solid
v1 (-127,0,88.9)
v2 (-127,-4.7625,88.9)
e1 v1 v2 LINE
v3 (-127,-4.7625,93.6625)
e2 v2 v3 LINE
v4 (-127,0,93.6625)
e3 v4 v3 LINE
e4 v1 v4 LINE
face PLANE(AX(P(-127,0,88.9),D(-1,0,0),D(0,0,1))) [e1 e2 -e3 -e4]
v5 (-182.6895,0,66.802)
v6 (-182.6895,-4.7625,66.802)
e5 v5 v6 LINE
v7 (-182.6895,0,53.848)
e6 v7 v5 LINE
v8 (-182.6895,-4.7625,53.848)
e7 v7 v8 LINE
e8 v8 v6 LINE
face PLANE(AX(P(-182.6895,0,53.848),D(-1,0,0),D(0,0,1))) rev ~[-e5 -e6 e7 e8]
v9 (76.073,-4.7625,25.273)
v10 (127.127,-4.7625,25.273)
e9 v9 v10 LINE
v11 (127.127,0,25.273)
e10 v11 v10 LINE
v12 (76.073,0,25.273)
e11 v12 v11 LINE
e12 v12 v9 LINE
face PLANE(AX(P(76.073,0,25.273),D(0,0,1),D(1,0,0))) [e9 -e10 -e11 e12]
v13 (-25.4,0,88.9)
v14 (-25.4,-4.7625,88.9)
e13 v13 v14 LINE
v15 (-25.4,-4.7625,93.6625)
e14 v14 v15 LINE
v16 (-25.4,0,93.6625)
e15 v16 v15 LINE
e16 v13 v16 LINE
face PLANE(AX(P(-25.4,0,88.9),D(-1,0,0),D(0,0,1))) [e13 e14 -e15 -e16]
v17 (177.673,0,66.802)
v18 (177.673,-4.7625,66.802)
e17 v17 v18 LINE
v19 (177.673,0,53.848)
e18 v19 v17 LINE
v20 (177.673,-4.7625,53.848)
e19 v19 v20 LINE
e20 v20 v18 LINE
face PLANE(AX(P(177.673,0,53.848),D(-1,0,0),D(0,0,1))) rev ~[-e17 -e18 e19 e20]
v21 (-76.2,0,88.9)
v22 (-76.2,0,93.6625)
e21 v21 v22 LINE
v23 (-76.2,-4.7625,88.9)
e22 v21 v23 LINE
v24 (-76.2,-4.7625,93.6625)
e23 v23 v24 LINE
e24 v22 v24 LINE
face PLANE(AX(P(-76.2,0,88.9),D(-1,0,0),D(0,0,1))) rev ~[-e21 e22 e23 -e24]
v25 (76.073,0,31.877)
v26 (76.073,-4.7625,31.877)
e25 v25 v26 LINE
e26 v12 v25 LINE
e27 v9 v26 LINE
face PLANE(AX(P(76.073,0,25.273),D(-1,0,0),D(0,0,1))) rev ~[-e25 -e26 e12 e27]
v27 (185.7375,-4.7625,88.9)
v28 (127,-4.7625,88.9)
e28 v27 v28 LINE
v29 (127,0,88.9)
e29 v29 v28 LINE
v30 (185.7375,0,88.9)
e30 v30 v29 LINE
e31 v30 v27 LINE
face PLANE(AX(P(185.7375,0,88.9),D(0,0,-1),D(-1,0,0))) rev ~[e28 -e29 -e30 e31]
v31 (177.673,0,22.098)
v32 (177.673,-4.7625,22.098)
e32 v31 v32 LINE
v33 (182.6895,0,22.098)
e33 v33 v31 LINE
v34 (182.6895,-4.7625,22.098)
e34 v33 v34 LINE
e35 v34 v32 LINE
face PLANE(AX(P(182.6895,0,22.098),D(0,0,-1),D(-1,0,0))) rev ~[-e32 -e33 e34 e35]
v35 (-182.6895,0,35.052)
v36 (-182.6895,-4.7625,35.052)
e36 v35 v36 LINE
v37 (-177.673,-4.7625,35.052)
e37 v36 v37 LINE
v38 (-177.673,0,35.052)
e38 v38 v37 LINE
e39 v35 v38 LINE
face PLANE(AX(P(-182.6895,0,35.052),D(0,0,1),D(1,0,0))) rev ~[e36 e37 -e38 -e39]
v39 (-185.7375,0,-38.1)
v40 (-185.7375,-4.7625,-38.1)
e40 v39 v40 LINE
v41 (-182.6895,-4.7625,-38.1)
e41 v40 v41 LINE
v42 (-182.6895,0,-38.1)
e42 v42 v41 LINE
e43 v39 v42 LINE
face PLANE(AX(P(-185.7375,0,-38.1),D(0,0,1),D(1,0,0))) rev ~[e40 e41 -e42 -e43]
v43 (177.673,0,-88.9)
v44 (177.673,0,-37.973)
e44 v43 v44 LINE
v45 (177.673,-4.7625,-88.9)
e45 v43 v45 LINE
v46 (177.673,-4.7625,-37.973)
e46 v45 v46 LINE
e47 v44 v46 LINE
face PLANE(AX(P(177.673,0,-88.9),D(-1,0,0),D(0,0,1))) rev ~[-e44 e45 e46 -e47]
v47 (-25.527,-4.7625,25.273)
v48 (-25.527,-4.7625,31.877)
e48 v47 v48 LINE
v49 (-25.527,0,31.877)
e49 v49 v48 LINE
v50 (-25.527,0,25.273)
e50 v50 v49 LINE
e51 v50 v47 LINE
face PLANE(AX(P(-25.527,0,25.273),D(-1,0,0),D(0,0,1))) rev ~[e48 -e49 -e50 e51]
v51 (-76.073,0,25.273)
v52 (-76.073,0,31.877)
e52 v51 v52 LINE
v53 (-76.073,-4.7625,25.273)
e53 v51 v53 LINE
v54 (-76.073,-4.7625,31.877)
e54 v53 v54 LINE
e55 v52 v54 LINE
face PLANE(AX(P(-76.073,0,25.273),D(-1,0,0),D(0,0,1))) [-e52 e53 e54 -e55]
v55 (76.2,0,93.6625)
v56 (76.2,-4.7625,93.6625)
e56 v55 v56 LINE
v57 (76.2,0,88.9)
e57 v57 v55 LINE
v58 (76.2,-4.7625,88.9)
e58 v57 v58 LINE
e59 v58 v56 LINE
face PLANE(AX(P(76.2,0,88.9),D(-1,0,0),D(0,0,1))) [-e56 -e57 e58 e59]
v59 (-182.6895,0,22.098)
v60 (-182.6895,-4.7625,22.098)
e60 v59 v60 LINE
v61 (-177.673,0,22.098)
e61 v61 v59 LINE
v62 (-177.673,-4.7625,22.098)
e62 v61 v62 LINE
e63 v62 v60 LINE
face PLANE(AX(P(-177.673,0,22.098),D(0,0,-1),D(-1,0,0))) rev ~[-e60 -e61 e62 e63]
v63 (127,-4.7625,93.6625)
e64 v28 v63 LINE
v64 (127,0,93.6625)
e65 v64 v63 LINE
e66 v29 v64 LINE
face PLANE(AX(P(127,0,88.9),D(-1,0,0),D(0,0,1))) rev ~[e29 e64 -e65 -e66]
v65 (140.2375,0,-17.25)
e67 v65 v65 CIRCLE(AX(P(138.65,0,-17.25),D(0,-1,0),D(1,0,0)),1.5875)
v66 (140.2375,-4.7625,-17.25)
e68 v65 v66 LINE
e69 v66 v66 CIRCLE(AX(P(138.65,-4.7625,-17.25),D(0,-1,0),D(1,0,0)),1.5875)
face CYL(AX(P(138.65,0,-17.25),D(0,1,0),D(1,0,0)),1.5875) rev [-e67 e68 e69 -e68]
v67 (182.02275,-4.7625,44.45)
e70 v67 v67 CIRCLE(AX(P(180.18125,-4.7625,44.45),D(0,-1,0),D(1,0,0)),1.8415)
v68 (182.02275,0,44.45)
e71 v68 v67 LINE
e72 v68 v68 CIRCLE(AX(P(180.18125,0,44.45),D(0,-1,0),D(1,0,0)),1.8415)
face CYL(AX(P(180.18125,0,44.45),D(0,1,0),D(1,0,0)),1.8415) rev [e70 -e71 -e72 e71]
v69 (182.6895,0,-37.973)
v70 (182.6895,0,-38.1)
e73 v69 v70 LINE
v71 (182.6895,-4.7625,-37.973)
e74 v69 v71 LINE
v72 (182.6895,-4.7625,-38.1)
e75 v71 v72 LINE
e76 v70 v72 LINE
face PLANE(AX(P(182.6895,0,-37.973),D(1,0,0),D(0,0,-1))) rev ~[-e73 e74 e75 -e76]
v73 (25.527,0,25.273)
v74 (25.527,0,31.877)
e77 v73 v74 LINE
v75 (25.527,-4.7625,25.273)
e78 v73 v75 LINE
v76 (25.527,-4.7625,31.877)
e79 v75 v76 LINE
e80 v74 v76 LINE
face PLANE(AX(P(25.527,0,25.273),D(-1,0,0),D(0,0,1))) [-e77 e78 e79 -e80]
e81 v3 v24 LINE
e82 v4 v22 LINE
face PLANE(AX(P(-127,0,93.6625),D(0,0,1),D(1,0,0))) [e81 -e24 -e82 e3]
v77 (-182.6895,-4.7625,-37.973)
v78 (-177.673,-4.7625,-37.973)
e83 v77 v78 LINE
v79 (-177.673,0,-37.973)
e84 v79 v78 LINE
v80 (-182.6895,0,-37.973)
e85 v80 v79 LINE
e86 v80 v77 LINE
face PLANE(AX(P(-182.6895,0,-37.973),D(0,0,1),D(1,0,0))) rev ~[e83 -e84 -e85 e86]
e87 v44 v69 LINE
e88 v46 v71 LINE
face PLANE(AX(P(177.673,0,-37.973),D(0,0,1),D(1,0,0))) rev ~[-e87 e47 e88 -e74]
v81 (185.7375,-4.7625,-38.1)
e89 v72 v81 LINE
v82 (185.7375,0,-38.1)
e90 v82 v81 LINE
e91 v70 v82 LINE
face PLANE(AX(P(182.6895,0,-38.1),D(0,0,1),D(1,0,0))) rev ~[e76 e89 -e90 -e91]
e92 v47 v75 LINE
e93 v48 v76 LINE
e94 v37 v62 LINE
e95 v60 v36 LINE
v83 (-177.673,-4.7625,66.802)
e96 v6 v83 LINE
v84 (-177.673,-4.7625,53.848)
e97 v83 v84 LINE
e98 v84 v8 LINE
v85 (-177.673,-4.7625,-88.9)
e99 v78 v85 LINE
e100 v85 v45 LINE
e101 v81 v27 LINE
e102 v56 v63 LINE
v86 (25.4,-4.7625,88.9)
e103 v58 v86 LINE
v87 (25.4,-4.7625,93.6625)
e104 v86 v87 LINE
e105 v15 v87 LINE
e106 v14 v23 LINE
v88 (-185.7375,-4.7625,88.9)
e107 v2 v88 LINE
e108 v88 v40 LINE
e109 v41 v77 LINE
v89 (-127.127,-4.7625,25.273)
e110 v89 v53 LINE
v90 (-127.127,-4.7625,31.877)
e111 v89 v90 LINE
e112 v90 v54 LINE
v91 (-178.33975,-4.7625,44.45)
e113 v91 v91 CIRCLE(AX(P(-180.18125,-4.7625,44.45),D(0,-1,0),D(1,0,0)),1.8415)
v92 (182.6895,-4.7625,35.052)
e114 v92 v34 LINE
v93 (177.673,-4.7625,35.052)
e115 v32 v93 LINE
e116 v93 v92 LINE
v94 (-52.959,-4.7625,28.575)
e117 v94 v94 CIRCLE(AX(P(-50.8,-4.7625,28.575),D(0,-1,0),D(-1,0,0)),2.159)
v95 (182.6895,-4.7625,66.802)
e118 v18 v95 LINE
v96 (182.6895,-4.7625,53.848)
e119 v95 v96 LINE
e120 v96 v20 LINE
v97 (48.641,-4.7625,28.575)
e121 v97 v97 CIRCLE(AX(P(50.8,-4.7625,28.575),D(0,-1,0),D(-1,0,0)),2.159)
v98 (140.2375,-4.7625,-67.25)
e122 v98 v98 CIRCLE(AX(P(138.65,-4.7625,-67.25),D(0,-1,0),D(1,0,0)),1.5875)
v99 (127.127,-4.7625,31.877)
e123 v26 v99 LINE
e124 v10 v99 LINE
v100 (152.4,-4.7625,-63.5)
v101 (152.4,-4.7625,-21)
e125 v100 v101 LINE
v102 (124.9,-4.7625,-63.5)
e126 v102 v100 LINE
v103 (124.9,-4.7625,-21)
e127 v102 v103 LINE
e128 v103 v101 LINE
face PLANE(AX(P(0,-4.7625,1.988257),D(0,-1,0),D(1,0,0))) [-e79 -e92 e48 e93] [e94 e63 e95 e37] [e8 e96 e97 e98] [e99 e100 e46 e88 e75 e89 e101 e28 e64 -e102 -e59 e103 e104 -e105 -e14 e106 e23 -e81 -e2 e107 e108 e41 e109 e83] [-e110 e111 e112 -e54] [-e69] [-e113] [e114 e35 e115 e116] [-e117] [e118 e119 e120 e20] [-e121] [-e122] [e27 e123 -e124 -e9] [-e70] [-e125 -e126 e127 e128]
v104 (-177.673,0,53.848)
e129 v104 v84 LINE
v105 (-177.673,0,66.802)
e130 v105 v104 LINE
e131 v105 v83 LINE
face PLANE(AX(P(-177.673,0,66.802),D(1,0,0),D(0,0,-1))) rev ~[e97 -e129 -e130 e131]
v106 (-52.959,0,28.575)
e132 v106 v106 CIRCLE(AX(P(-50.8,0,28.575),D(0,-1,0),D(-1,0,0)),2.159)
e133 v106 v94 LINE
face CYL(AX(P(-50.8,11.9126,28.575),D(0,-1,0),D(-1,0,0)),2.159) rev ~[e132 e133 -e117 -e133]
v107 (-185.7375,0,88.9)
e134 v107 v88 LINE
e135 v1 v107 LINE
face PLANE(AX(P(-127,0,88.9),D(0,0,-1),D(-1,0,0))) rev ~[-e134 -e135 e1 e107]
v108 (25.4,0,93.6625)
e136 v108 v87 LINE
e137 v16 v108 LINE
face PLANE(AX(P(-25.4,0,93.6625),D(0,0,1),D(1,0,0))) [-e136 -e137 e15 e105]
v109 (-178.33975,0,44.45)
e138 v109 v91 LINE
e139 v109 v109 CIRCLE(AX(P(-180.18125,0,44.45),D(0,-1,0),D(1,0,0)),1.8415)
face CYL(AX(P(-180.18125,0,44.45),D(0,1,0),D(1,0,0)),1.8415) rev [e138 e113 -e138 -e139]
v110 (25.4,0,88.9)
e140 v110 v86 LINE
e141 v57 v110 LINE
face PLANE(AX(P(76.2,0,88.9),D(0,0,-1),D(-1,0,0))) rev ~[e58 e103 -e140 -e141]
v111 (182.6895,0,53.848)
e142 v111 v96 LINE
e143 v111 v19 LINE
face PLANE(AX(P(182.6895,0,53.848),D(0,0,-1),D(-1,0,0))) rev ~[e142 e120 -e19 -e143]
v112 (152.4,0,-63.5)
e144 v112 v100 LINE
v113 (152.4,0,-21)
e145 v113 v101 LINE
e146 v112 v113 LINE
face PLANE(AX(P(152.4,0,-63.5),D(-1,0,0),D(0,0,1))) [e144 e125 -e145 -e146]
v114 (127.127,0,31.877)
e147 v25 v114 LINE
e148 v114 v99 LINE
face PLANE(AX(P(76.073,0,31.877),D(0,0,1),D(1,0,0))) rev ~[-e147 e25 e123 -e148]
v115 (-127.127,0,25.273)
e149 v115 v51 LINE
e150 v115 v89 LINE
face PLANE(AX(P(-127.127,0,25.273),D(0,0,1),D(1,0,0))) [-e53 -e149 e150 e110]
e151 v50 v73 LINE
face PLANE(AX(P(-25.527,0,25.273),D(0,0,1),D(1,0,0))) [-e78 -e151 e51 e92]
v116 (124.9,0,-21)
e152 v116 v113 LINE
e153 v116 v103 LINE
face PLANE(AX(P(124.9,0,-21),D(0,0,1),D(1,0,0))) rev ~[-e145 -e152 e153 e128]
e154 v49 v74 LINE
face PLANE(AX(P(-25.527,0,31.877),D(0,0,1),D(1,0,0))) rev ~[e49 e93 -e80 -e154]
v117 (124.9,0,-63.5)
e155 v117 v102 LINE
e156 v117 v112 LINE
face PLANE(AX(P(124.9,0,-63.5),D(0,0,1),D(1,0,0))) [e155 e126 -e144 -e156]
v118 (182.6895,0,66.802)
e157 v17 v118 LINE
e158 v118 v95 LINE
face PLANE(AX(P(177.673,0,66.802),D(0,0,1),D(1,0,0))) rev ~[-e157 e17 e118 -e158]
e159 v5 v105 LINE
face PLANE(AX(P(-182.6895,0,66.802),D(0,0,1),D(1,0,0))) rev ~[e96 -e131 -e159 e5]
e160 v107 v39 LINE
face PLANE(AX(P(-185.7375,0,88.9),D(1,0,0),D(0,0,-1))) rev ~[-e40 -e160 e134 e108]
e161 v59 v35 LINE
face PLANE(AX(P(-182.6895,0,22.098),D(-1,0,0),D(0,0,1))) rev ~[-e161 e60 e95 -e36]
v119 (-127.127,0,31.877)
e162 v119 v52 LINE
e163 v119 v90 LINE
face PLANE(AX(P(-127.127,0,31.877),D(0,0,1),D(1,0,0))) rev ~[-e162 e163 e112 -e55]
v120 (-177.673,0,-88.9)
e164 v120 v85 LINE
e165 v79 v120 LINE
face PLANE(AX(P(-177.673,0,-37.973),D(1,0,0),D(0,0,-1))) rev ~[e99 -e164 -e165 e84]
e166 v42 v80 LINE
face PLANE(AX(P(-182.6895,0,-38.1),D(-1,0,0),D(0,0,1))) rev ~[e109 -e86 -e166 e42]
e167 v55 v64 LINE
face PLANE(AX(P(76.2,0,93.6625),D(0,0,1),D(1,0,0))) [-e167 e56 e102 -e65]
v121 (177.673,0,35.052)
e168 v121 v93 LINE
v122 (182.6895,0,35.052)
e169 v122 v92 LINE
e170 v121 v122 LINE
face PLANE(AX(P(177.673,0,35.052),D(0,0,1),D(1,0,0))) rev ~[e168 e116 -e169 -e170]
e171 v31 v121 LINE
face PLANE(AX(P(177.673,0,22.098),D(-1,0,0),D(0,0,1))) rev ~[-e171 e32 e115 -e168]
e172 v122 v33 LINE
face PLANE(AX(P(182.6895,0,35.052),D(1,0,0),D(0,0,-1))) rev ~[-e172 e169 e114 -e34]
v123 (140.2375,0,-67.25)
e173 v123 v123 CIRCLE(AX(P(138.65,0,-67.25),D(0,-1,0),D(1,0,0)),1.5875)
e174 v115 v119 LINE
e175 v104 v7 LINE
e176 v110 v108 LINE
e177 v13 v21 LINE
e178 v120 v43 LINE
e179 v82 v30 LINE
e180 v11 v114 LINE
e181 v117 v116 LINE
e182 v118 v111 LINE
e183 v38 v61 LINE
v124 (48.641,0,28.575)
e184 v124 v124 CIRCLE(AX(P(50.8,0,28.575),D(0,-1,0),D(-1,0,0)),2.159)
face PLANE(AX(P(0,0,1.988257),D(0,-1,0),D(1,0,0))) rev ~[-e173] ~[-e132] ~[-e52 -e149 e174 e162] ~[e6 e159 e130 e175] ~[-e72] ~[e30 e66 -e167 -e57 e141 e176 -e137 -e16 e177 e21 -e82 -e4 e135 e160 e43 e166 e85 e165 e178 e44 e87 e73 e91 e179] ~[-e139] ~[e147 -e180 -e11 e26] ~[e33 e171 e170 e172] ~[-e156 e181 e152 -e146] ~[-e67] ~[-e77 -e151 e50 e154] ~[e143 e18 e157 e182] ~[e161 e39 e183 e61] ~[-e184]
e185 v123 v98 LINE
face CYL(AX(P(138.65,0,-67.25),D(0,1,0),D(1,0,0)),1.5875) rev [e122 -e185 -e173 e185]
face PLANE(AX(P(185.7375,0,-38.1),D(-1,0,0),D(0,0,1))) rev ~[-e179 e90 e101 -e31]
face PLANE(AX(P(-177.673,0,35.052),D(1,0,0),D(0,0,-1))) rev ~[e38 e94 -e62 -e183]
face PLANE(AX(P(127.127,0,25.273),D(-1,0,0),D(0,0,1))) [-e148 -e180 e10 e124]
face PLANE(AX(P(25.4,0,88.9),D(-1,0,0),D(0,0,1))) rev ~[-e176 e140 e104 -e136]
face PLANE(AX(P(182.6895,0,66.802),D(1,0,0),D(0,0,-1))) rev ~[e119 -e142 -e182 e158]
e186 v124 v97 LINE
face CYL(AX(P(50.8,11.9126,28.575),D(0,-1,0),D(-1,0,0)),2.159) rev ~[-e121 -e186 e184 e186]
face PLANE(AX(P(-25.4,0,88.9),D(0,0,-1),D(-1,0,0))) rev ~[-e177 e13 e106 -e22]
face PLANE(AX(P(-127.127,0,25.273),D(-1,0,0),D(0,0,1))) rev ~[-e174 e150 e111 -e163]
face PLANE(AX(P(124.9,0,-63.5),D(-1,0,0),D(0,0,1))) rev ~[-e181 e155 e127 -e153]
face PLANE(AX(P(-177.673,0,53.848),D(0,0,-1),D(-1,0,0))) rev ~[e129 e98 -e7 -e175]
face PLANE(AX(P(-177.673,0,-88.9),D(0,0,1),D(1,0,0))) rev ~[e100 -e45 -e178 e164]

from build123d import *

# Parameters (mm, degrees)
F0_R     = 1.5875
F0_W     = 27.5
F0_H     = 42.5
F0_R_2   = 1.8415
F0_W_2   = 51.054
F0_H_2   = 6.604
F0_W_3   = 50.8
F0_H_3   = 4.7625
F1_DEPTH = 4.7625
F2_D     = 4.318
F2_DEPTH = 11.9126
F2_TIP   = 1.2972580765


with BuildPart() as f1:
    # F0 (on Front) → F1 (new body)
    with BuildSketch(Plane.XZ):
        Polygon((-127, 88.9), (-182.5625, 88.9), (-182.5625, 66.802), (-177.673, 66.802), (-177.673, 53.848), (-182.5625, 53.848), (-182.5625, 35.052), (-177.673, 35.052), (-177.673, 22.098), (-182.5625, 22.098), (-182.5625, -37.973), (-177.673, -37.973), (-177.673, -88.9), (177.673, -88.9), (177.673, -37.973), (182.5625, -37.973), (182.5625, 22.098), (177.673, 22.098), (177.673, 35.052), (182.5625, 35.052), (182.5625, 53.848), (177.673, 53.848), (177.673, 66.802), (182.5625, 66.802), (182.5625, 88.9), (127, 88.9), (76.2, 88.9), (25.4, 88.9), (-25.4, 88.9), (-76.2, 88.9), align=None)
        with Locations((138.65, -67.25)):
            Circle(F0_R, mode=Mode.SUBTRACT)
        with Locations((138.65, -42.25)):
            Rectangle(F0_W, F0_H, mode=Mode.SUBTRACT)
        with Locations((138.65, -17.25)):
            Circle(F0_R, mode=Mode.SUBTRACT)
        with Locations((-180.18125, 44.45)):
            Circle(F0_R_2, mode=Mode.SUBTRACT)
        with Locations((-101.6, 28.575)):
            Rectangle(F0_W_2, F0_H_2, mode=Mode.SUBTRACT)
        with Locations((0, 28.575)):
            Rectangle(F0_W_2, F0_H_2, mode=Mode.SUBTRACT)
        with Locations((101.6, 28.575)):
            Rectangle(F0_W_2, F0_H_2, mode=Mode.SUBTRACT)
        with Locations((180.18125, 44.45)):
            Circle(F0_R_2, mode=Mode.SUBTRACT)
        with Locations((-101.6, 91.28125)):
            Rectangle(F0_W_3, F0_H_3)
        with Locations((0, 91.28125)):
            Rectangle(F0_W_3, F0_H_3)
        with Locations((101.6, 91.28125)):
            Rectangle(F0_W_3, F0_H_3)
        Polygon((-182.5625, 66.802), (-182.5625, 88.9), (-185.7375, 88.9), (-185.7375, -38.1), (-182.6895, -38.1), (-182.6895, -37.973), (-182.5625, -37.973), (-182.5625, 22.098), (-182.6895, 22.098), (-182.6895, 35.052), (-182.5625, 35.052), (-182.5625, 53.848), (-182.6895, 53.848), (-182.6895, 66.802), align=None)
        Polygon((185.7375, 88.9), (182.5625, 88.9), (182.5625, 66.802), (182.6895, 66.802), (182.6895, 53.848), (182.5625, 53.848), (182.5625, 35.052), (182.6895, 35.052), (182.6895, 22.098), (182.5625, 22.098), (182.5625, -37.973), (182.6895, -37.973), (182.6895, -38.1), (185.7375, -38.1), align=None)
    extrude(amount=F1_DEPTH)

    # F2
    with Locations(Plane(origin=(0, 0, 0), x_dir=(1, 0, 0), z_dir=(0, 1, 0))):
        with Locations((-50.8, -28.575), (50.8, -28.575)):
            Hole(F2_D / 2, depth=F2_DEPTH)
            with Locations((0, 0, -(F2_DEPTH + F2_TIP / 2))):  # 118° drill point
                Cone(0, F2_D / 2, F2_TIP, mode=Mode.SUBTRACT)


solid = f1.part
